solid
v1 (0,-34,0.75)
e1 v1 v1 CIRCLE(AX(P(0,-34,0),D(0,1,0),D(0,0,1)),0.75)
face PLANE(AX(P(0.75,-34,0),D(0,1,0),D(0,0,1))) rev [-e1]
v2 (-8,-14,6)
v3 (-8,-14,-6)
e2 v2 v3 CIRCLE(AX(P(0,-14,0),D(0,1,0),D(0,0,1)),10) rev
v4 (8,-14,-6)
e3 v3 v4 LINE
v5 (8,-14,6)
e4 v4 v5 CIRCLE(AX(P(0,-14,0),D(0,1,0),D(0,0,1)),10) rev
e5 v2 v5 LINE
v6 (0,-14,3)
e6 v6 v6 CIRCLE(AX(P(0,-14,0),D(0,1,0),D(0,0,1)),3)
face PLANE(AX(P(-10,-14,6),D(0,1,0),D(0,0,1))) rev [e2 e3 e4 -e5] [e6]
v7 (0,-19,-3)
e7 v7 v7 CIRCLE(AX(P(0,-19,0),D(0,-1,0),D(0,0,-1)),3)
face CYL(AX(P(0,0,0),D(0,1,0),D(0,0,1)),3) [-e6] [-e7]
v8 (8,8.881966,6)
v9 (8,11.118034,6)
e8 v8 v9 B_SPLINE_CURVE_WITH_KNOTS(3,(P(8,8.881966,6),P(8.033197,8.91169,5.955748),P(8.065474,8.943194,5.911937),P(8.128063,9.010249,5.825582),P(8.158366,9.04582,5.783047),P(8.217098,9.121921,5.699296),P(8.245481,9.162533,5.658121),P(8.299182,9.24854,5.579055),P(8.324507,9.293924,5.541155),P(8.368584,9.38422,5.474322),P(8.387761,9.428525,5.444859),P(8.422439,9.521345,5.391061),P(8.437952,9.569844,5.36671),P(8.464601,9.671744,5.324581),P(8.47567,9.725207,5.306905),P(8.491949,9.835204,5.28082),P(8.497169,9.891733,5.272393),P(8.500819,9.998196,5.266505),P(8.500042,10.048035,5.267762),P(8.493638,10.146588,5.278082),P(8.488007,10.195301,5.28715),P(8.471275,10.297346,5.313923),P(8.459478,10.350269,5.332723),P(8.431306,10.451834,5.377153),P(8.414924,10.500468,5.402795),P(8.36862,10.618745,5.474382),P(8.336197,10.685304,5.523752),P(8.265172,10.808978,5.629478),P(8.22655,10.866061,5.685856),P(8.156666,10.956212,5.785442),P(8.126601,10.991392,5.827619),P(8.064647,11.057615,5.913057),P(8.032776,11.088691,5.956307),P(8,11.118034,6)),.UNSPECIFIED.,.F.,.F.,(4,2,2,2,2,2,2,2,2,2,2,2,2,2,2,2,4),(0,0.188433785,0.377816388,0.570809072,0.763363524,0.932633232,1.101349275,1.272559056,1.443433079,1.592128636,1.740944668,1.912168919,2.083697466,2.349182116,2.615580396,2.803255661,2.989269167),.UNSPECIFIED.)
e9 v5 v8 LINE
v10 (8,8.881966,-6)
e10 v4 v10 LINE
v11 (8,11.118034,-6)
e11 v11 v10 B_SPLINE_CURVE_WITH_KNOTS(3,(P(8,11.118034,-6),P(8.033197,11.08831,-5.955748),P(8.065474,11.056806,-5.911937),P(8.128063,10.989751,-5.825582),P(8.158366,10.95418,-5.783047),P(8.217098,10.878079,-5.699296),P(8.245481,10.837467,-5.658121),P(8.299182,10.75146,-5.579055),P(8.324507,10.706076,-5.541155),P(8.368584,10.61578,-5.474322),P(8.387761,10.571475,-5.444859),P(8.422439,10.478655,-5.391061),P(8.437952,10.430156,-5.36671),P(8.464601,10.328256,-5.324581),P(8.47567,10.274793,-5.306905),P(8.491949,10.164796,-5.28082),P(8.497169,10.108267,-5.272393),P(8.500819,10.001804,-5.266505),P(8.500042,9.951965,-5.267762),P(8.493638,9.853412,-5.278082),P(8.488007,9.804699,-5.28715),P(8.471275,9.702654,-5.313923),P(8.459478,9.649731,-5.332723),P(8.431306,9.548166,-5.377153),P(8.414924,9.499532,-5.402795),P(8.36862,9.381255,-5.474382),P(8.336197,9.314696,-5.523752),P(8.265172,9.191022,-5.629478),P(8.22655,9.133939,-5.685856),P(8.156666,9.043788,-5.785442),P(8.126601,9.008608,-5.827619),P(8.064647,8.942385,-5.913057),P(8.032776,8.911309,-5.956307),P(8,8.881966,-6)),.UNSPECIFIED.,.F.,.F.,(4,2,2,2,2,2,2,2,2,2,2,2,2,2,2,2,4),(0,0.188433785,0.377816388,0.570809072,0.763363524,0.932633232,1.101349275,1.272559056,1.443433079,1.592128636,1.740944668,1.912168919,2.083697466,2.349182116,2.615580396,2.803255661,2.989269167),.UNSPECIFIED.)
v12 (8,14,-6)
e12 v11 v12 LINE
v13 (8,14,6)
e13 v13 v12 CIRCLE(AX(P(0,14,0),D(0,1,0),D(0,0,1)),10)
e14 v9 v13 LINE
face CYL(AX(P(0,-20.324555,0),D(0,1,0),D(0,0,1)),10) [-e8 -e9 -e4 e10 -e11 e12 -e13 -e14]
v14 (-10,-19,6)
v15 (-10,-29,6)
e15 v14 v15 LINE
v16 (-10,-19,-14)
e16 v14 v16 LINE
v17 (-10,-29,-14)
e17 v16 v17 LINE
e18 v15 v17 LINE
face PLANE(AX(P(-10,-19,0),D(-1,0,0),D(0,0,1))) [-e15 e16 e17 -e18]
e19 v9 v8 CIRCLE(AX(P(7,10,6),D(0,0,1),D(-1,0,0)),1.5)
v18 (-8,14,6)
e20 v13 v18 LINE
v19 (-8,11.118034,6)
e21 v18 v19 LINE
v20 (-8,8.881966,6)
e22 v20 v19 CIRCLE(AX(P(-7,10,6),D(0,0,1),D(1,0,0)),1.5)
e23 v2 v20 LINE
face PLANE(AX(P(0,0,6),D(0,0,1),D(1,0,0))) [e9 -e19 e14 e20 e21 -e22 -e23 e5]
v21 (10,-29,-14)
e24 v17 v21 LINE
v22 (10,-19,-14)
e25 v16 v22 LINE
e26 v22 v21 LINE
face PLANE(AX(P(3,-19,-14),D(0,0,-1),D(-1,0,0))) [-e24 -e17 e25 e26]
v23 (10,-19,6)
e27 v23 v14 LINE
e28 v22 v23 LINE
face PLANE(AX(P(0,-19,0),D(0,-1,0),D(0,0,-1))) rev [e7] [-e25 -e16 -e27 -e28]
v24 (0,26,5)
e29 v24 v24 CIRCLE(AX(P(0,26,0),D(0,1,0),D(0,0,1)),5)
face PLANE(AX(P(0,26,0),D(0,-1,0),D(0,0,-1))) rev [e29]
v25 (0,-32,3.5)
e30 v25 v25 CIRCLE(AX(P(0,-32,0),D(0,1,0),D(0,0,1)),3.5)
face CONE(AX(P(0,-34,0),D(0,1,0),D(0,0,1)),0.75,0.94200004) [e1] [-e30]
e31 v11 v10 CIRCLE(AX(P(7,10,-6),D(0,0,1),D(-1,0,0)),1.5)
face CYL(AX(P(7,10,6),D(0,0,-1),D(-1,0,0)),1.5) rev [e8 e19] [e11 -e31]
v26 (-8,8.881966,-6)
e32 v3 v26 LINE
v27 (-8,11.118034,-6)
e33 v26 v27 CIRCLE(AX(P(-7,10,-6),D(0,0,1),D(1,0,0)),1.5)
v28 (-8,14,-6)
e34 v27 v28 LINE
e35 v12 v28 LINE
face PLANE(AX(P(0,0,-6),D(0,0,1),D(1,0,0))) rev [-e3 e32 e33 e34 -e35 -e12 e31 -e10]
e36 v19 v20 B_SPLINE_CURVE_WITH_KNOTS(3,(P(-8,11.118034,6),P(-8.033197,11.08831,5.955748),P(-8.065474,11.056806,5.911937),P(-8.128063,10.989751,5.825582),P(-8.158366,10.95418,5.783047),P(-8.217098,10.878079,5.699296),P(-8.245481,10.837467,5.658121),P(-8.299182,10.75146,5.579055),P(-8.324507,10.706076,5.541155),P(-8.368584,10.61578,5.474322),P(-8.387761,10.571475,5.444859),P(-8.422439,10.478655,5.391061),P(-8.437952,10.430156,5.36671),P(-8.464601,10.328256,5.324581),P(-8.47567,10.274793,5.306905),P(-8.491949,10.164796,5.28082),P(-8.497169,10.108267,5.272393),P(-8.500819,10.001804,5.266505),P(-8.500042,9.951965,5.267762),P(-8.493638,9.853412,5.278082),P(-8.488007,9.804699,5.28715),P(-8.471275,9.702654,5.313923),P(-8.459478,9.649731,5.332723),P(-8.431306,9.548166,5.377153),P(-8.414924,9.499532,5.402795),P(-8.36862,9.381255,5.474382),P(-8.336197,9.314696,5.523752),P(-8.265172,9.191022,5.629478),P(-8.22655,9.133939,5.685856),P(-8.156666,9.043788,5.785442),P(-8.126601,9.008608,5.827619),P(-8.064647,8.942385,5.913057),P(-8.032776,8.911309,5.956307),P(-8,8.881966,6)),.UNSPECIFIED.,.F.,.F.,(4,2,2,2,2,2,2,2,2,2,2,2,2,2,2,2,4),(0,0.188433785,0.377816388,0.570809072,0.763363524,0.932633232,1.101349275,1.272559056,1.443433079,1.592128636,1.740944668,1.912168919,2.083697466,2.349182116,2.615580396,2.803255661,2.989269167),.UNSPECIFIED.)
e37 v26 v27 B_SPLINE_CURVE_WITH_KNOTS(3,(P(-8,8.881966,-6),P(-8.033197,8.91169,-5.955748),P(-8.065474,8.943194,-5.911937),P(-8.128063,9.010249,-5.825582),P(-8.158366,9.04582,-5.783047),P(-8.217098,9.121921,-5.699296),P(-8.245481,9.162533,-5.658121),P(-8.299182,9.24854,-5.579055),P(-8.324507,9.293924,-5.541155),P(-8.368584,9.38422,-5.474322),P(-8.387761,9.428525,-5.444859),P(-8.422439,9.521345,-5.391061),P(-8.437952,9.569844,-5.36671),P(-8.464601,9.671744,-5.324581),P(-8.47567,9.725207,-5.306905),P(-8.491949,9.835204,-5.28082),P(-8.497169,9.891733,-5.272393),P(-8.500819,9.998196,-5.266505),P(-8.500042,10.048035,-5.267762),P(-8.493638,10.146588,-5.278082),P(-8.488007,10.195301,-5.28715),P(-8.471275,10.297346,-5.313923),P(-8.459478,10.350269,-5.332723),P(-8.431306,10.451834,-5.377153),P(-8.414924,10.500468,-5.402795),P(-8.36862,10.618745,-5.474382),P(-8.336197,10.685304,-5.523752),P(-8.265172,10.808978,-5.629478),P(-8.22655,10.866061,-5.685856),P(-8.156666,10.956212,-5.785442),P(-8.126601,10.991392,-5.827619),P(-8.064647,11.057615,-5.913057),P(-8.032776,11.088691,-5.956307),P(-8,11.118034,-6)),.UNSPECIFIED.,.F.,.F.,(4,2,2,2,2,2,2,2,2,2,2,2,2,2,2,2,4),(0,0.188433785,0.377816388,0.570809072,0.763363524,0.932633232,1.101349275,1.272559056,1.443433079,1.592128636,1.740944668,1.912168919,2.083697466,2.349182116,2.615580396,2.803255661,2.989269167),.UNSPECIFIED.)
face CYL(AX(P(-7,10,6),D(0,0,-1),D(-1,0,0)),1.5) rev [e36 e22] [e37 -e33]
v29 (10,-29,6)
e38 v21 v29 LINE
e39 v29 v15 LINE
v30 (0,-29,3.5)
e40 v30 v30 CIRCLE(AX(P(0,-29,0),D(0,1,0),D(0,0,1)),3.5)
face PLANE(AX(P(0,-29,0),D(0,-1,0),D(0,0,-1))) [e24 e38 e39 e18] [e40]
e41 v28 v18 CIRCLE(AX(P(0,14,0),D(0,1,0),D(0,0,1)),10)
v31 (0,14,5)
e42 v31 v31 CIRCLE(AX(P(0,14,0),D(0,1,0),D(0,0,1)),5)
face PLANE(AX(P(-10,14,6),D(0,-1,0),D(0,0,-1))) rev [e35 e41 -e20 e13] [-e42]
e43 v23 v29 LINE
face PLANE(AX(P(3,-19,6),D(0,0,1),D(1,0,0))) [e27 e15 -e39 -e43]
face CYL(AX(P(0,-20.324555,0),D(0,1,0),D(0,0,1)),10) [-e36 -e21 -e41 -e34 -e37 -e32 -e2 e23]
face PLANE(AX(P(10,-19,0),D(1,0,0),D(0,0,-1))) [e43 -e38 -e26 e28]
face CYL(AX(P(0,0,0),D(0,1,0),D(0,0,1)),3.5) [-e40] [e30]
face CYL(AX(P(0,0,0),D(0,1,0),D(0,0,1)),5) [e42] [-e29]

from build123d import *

# Parameters (mm, degrees)
ESBO_O1_W                = 20
ESBO_O1_H                = 28
ESBO_O1_R                = 1.5
RESSALTO_EXTRUS_O1_DEPTH = 6
ESBO_O2_W                = 5
ESBO_O2_H                = 12
RESSALTO_EXTRUS_O2_START = -29
ESBO_O3_W                = 20
ESBO_O3_H                = 20
RESSALTO_EXTRUS_O2_DEPTH = 10
CORTE_EXTRUS_O1_DEPTH    = 28


with BuildPart() as part:
    # Esboço1 → Ressalto-extrusão1 (new body, symmetric)
    with BuildSketch(Plane.XY):
        Rectangle(ESBO_O1_W, ESBO_O1_H)
        with Locations((-7, 10)):
            Circle(ESBO_O1_R, mode=Mode.SUBTRACT)
        with Locations((7, 10)):
            Circle(ESBO_O1_R, mode=Mode.SUBTRACT)
    extrude(amount=RESSALTO_EXTRUS_O1_DEPTH, both=True)

    # Esboço2 → Revolução1 (revolve)
    with BuildSketch(Plane.XY):
        Polygon((3, -29), (3, -19), (3, -14), (0, -14), (0, -34), (0.75, -34), (3.5, -32), (3.5, -29), align=None)
        with Locations((2.5, 20)):
            Rectangle(ESBO_O2_W, ESBO_O2_H)
    revolve(axis=Axis((0, 0, 0), (0, -1, 0)))

    # Esboço3 → Ressalto-extrusão2 (add)
    with BuildSketch(Plane(origin=(0, 0, 0), x_dir=(1, 0, 0), z_dir=(0, 1, 0)).offset(RESSALTO_EXTRUS_O2_START)):
        with Locations((0, 4)):
            Rectangle(ESBO_O3_W, ESBO_O3_H)
    extrude(amount=RESSALTO_EXTRUS_O2_DEPTH)

    # Esboço4 → Corte-extrusão1 (cut)
    with BuildSketch(Plane(origin=(0, 14, 0), x_dir=(1, 0, 0), z_dir=(0, 1, 0))):
        with BuildLine():
            ThreePointArc((-10, 0), (-9.486832981, 3.16227766), (-8, 6))
            Line((-8, 6), (-10, 6))
            Line((-10, 6), (-10, 0))
        make_face()
        with BuildLine():
            ThreePointArc((-8, -6), (-9.486832981, -3.16227766), (-10, 0))
            Line((-10, 0), (-10, -6))
            Line((-10, -6), (-8, -6))
        make_face()
        with BuildLine():
            Line((10, -6), (10, 0))
            ThreePointArc((10, 0), (9.486832981, -3.16227766), (8, -6))
            Line((8, -6), (10, -6))
        make_face()
        with BuildLine():
            Line((10, 6), (8, 6))
            ThreePointArc((8, 6), (9.486832981, 3.16227766), (10, 0))
            Line((10, 0), (10, 6))
        make_face()
    extrude(amount=-CORTE_EXTRUS_O1_DEPTH, mode=Mode.SUBTRACT)


solid = part.part
